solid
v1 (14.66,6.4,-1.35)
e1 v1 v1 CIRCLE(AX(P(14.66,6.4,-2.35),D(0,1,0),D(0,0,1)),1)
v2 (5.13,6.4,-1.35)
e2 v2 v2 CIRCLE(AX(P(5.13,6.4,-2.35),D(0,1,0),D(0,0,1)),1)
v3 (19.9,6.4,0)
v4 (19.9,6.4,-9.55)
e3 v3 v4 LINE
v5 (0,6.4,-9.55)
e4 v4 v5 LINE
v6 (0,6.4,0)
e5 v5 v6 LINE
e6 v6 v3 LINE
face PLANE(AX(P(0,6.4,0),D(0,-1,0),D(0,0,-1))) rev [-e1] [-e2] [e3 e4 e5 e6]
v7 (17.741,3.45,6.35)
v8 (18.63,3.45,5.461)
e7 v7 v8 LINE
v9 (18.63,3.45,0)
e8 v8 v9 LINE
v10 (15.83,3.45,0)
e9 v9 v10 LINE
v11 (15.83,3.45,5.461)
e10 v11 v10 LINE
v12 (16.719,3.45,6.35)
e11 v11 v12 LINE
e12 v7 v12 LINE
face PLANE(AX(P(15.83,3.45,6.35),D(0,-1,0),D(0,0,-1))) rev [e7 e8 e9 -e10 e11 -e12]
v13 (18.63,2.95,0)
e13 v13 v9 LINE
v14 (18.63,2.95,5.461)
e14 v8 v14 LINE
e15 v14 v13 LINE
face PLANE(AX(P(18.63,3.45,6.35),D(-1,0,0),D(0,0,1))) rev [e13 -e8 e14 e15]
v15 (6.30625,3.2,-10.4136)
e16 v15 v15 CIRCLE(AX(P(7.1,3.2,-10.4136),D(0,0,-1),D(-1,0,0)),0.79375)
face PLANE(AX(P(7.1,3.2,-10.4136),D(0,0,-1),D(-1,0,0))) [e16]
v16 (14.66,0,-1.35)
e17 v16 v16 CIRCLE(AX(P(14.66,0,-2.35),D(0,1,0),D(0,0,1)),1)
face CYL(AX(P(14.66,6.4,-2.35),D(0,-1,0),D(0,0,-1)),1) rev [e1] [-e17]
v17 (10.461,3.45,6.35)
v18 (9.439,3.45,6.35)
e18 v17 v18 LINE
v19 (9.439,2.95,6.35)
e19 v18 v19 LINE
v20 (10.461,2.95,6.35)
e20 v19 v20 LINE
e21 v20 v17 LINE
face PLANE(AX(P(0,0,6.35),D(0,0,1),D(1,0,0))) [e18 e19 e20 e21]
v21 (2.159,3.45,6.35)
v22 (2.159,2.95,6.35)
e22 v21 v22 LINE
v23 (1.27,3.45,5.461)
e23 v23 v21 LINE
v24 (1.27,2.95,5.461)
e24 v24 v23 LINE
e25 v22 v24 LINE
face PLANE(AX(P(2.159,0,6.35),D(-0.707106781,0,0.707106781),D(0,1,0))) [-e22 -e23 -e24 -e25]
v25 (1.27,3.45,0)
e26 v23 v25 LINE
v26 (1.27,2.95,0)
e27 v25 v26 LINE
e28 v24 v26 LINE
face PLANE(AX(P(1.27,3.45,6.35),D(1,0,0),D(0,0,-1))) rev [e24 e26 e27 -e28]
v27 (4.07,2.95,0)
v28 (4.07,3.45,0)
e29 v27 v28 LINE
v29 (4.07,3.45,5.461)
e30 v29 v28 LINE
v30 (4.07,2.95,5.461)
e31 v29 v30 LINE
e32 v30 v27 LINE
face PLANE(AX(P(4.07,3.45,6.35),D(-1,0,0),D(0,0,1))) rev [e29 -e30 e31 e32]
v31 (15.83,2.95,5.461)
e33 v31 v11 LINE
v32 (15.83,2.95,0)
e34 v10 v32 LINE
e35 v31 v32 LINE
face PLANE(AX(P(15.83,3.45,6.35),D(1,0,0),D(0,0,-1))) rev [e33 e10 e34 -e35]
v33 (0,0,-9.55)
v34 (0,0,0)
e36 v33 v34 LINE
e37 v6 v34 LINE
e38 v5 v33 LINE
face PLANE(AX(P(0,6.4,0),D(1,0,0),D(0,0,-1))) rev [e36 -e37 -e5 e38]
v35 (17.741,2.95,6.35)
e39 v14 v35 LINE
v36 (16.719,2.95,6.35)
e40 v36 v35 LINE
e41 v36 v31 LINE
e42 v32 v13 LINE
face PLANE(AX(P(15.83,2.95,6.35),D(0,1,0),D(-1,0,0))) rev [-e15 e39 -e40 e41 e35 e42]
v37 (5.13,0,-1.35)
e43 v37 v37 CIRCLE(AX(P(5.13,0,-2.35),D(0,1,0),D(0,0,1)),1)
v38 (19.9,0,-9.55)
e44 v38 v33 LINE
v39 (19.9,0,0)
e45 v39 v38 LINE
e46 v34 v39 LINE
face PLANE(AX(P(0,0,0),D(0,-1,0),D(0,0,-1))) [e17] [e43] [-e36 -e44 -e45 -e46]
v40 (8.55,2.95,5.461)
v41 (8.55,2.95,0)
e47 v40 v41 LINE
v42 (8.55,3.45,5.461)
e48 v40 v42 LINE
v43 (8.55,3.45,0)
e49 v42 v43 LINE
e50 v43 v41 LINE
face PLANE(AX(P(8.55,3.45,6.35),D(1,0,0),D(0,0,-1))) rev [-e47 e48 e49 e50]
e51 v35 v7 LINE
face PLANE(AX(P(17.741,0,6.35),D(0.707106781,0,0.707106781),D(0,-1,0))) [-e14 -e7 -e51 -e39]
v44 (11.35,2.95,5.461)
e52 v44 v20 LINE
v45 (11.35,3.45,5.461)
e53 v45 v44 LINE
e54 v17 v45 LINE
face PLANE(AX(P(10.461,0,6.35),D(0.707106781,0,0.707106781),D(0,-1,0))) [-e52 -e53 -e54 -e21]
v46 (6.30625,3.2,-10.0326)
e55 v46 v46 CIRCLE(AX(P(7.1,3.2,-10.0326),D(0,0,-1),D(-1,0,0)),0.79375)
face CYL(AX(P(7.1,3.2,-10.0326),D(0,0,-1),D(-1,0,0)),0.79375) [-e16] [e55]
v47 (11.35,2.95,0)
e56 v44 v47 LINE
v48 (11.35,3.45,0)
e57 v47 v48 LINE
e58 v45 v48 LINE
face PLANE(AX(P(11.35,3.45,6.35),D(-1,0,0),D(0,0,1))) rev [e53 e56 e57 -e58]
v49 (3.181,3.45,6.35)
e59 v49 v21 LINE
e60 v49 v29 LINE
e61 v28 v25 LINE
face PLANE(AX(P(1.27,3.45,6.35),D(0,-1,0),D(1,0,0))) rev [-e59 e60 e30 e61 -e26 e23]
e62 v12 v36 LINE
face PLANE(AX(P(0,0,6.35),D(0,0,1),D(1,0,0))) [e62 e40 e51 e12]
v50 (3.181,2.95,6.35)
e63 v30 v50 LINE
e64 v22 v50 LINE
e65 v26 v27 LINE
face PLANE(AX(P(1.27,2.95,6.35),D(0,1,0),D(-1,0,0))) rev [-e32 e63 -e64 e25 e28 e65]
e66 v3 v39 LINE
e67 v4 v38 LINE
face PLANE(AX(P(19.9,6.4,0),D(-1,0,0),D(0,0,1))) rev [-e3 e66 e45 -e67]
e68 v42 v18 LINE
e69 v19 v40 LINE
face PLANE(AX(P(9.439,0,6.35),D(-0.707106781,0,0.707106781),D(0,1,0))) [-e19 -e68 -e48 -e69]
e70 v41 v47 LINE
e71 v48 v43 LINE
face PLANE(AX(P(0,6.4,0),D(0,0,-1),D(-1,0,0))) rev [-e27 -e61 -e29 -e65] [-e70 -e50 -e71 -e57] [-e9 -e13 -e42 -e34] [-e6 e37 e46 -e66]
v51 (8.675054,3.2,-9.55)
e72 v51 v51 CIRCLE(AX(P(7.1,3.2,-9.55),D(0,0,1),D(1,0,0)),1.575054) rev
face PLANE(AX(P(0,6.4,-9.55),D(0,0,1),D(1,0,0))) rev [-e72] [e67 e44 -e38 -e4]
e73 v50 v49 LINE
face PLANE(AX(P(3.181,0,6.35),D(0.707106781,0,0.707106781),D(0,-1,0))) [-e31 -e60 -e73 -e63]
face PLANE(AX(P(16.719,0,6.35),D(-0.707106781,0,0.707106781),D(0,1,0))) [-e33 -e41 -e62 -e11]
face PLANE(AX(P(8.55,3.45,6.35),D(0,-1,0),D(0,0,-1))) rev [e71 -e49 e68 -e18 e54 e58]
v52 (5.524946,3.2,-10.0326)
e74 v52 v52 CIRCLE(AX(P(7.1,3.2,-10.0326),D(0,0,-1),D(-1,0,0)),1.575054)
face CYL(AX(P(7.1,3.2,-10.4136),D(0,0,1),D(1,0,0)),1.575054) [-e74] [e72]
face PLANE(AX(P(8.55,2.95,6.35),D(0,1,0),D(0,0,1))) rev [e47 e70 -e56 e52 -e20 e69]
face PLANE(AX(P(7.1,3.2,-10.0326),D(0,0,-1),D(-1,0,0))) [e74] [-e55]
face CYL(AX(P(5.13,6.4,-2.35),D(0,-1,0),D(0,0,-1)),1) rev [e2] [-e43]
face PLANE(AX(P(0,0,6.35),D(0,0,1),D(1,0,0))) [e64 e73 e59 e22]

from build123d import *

# Parameters (mm, degrees)
SKETCH1_W           = 19.9
SKETCH1_H           = 9.55
SKETCH1_R           = 1
BOSS_EXTRUDE1_DEPTH = 6.4
SKETCH2_R           = 1.575054
BOSS_EXTRUDE2_DEPTH = 0.8636
SKETCH3_R           = 1.575054
SKETCH3_R_2         = 0.79375
CUT_EXTRUDE1_DEPTH  = 0.381
SKETCH4_W           = 2.8
SKETCH4_H           = 0.5
BOSS_EXTRUDE3_DEPTH = 6.35
CHAMFER1_SIZE       = 0.889


with BuildPart() as part:
    # Sketch1 → Boss-Extrude1 (new body)
    with BuildSketch(Plane(origin=(0, 0, 0), x_dir=(1, 0, 0), z_dir=(0, 1, 0))):
        with Locations((9.95, 4.775)):
            Rectangle(SKETCH1_W, SKETCH1_H)
        with Locations((5.13, 2.35)):
            Circle(SKETCH1_R, mode=Mode.SUBTRACT)
        with Locations((14.66, 2.35)):
            Circle(SKETCH1_R, mode=Mode.SUBTRACT)
    extrude(amount=BOSS_EXTRUDE1_DEPTH)

    # Sketch2 → Boss-Extrude2 (add)
    with BuildSketch(Plane(origin=(0, 0, -9.55), x_dir=(-1, 0, 0), z_dir=(0, 0, -1))):
        with Locations((-7.1, 3.2)):
            Circle(SKETCH2_R)
    extrude(amount=BOSS_EXTRUDE2_DEPTH)

    # Sketch3 → Cut-Extrude1 (cut)
    with BuildSketch(Plane(origin=(0, 0, -10.4136), x_dir=(-1, 0, 0), z_dir=(0, 0, -1))):
        with Locations((-7.1, 3.2)):
            Circle(SKETCH3_R)
        with Locations((-7.1, 3.2)):
            Circle(SKETCH3_R_2, mode=Mode.SUBTRACT)
    extrude(amount=-CUT_EXTRUDE1_DEPTH, mode=Mode.SUBTRACT)

    # Sketch4 → Boss-Extrude3 (add)
    with BuildSketch(Plane.XY):
        with Locations((2.67, 3.2)):
            Rectangle(SKETCH4_W, SKETCH4_H)
        with Locations((9.95, 3.2)):
            Rectangle(SKETCH4_W, SKETCH4_H)
        with Locations((17.23, 3.2)):
            Rectangle(SKETCH4_W, SKETCH4_H)
    extrude(amount=BOSS_EXTRUDE3_DEPTH)

    # Chamfer1
    chamfer1_edges = [part.edges().sort_by_distance(p)[0] for p in [
        (1.27, 3.2, 6.35),
        (4.07, 3.2, 6.35),
        (8.55, 3.2, 6.35),
        (11.35, 3.2, 6.35),
        (15.83, 3.2, 6.35),
        (18.63, 3.2, 6.35),
    ]]
    chamfer(chamfer1_edges, length=CHAMFER1_SIZE)


solid = part.part
